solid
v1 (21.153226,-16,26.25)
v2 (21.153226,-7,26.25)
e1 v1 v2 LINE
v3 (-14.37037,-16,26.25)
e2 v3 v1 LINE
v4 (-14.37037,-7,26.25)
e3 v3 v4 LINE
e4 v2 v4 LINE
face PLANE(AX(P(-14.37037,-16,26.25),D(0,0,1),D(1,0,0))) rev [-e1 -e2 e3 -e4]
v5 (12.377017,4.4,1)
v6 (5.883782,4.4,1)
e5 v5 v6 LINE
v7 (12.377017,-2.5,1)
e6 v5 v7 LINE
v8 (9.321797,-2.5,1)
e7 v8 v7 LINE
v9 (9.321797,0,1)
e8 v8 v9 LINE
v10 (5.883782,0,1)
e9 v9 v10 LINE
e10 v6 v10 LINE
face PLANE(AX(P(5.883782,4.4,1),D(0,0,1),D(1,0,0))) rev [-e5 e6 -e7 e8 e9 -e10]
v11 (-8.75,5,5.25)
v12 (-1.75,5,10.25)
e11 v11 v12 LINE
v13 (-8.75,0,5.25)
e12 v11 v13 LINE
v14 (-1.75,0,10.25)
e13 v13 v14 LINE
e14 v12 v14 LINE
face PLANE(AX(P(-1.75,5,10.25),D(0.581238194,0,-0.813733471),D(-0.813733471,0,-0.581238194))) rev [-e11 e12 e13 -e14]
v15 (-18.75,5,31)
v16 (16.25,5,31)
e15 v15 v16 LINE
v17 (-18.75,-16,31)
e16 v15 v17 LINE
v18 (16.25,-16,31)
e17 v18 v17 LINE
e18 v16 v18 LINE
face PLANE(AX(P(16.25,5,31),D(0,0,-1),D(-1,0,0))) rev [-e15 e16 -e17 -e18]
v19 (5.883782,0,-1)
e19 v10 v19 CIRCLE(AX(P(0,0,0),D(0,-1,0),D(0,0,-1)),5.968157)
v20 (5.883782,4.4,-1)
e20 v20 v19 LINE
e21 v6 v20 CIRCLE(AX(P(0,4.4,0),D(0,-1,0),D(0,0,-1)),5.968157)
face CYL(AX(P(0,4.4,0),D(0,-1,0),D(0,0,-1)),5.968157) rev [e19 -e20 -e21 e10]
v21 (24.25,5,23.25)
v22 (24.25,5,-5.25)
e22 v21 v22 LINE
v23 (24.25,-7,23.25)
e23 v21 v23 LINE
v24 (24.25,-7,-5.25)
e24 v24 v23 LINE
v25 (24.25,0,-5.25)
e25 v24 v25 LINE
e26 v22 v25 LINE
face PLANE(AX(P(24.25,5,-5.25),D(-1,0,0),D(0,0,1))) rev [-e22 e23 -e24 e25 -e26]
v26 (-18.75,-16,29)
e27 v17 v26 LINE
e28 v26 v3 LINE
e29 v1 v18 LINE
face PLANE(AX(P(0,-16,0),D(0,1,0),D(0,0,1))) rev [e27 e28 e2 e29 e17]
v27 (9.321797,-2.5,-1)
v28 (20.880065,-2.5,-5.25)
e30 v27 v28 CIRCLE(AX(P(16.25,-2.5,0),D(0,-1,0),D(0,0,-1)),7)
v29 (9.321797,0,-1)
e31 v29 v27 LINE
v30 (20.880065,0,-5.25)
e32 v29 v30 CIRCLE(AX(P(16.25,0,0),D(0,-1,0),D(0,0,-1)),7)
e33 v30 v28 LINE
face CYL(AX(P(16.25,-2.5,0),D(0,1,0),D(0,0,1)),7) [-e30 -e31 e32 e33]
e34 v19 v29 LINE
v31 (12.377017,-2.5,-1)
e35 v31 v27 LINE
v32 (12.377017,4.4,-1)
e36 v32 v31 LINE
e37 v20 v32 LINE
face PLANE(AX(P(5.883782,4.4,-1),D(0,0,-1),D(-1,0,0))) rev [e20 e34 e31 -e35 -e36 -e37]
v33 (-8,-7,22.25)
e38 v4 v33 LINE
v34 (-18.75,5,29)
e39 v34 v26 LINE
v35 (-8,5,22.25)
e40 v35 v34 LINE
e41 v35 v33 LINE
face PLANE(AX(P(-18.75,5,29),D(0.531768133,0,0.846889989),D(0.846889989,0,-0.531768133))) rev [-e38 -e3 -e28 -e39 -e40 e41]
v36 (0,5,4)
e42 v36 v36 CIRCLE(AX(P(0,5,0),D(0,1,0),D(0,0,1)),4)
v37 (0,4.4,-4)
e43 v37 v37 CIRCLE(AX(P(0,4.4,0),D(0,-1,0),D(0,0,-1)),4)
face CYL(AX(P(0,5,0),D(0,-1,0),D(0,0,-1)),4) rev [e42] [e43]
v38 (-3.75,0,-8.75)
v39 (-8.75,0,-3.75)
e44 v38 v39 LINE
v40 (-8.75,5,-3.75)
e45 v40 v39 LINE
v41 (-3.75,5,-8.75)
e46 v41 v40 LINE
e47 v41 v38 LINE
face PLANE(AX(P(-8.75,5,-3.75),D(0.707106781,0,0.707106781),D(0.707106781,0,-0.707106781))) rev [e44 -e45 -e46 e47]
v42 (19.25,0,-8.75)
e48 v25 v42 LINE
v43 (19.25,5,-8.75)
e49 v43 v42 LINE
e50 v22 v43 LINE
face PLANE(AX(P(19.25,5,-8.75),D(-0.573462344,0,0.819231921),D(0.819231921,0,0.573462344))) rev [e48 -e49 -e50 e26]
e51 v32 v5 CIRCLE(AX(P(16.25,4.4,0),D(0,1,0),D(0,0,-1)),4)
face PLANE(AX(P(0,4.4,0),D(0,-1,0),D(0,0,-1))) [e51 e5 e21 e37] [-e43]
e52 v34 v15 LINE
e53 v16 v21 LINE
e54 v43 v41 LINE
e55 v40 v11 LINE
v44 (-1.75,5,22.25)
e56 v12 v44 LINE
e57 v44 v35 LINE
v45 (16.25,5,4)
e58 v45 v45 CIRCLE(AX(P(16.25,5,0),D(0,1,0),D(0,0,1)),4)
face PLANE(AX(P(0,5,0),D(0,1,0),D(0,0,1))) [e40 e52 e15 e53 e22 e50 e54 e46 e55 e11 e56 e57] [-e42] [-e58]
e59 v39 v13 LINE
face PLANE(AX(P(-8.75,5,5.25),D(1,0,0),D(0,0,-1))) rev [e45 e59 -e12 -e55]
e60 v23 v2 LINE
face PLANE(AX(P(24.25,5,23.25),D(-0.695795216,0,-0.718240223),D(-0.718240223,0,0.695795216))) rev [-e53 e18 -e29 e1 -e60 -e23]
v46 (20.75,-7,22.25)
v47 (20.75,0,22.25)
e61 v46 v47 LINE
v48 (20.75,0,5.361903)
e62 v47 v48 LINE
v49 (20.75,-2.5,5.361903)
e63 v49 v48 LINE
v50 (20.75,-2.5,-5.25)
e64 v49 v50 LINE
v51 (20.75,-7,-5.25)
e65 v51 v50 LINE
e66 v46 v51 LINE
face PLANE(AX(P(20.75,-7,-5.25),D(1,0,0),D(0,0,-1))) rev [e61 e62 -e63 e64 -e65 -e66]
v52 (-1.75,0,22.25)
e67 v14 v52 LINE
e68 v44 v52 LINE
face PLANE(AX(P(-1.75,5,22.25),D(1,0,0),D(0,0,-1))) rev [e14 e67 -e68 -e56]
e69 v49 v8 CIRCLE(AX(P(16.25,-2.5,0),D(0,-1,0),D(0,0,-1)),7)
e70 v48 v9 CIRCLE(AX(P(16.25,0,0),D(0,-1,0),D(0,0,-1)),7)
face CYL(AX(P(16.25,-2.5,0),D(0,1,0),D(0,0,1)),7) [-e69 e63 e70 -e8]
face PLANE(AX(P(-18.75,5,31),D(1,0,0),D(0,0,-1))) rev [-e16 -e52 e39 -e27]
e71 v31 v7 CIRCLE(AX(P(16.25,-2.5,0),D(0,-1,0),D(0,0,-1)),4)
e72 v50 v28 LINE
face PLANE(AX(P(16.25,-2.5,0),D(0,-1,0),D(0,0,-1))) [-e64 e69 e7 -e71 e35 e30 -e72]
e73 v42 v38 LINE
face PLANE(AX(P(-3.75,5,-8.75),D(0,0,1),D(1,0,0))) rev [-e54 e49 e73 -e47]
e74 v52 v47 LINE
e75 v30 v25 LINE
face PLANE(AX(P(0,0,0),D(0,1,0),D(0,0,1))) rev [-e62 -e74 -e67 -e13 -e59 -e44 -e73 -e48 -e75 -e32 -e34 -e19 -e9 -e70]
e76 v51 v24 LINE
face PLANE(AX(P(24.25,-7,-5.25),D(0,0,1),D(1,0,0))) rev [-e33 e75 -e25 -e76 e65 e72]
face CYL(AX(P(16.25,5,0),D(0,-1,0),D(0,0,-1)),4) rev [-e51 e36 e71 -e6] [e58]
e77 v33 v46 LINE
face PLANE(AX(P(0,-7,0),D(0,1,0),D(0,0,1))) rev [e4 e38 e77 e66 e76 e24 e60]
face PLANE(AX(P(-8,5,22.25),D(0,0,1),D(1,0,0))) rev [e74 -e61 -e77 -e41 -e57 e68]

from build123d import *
from build123d.topology import SkipClean

# Parameters (mm, degrees)
SKETCH1_R           = 4
BOSS_EXTRUDE1_DEPTH = 5
BOSS_EXTRUDE2_DEPTH = 7
BOSS_EXTRUDE3_DEPTH = 16
BOSS_EXTRUDE4_START = 2.5
SKETCH6_R           = 7
SKETCH6_R_2         = 4
BOSS_EXTRUDE4_DEPTH = 2.5
CUT_EXTRUDE1_DEPTH  = 4.4
CUT_EXTRUDE2_DEPTH  = 45.33083013


with BuildPart() as part:
    # Sketch1 → Boss-Extrude1 (new body)
    with BuildSketch(Plane(origin=(0, 0, 0), x_dir=(1, 0, 0), z_dir=(0, 1, 0))):
        Polygon((-3.75, 8.75), (19.25, 8.75), (24.25, 5.25), (24.25, -23.25), (16.25, -31), (-18.75, -31), (-18.75, -29), (-8, -22.25), (-1.75, -22.25), (-1.75, -10.25), (-8.75, -5.25), (-8.75, 3.75), align=None)
        with Locations(Location((0, 0, 0), (0, 0, 270))):
            Circle(SKETCH1_R, mode=Mode.SUBTRACT)
        with Locations(Location((16.25, 0, 0), (0, 0, 270))):
            Circle(SKETCH1_R, mode=Mode.SUBTRACT)
    extrude(amount=BOSS_EXTRUDE1_DEPTH)

    # Sketch2 → Boss-Extrude2 (add)
    with BuildSketch(Plane.XZ):
        Polygon((24.25, 23.25), (24.25, -5.25), (20.75, -5.25), (20.75, 22.25), (-8, 22.25), (-14.37037037, 26.25), (21.153225806, 26.25), align=None)
    extrude(amount=BOSS_EXTRUDE2_DEPTH)

    # Sketch3 → Boss-Extrude3 (add)
    with BuildSketch(Plane.XZ):
        Polygon((-14.37037037, 26.25), (21.153225806, 26.25), (16.25, 31), (-18.75, 31), (-18.75, 29), align=None)
    extrude(amount=BOSS_EXTRUDE3_DEPTH)

    # Sketch6 → Boss-Extrude4 (add)
    with SkipClean():  # the faces are left unmerged after this step: merging them gives an invalid solid
        with BuildSketch(Plane.XZ.offset(BOSS_EXTRUDE4_START)):
            with Locations((16.25, 0)):
                Circle(SKETCH6_R)
            with Locations(Location((16.25, 0, 0), (0, 0, 270))):
                Circle(SKETCH6_R_2, mode=Mode.SUBTRACT)
        extrude(amount=-BOSS_EXTRUDE4_DEPTH)

    # Sketch4 → Cut-Extrude1 (cut)
    with SkipClean():  # the faces are left unmerged after this step: merging them gives an invalid solid
        with BuildSketch(Plane.XZ):
            with BuildLine():
                Line((5.883782294, -1), (12.377016654, -1))
                ThreePointArc((12.377016654, -1), (12.25, 0), (12.377016654, 1))
                Line((12.377016654, 1), (5.883782294, 1))
                ThreePointArc((5.883782294, 1), (-5.968156673, 0), (5.883782294, -1))
            make_face()
        extrude(amount=-CUT_EXTRUDE1_DEPTH, mode=Mode.SUBTRACT)

    # Sketch7 → Cut-Extrude2 (cut, through all)
    with SkipClean():  # the faces are left unmerged after this step: merging them gives an invalid solid
        with BuildSketch(Plane.XZ.offset(-4.4)):
            with BuildLine():
                Line((5.883782294, -1), (12.377016654, -1))
                ThreePointArc((12.377016654, -1), (12.25, 0), (12.377016654, 1))
                Line((12.377016654, 1), (5.883782294, 1))
                ThreePointArc((5.883782294, 1), (-5.968156673, 0), (5.883782294, -1))
            make_face()
        extrude(amount=CUT_EXTRUDE2_DEPTH, mode=Mode.SUBTRACT)


solid = part.part
